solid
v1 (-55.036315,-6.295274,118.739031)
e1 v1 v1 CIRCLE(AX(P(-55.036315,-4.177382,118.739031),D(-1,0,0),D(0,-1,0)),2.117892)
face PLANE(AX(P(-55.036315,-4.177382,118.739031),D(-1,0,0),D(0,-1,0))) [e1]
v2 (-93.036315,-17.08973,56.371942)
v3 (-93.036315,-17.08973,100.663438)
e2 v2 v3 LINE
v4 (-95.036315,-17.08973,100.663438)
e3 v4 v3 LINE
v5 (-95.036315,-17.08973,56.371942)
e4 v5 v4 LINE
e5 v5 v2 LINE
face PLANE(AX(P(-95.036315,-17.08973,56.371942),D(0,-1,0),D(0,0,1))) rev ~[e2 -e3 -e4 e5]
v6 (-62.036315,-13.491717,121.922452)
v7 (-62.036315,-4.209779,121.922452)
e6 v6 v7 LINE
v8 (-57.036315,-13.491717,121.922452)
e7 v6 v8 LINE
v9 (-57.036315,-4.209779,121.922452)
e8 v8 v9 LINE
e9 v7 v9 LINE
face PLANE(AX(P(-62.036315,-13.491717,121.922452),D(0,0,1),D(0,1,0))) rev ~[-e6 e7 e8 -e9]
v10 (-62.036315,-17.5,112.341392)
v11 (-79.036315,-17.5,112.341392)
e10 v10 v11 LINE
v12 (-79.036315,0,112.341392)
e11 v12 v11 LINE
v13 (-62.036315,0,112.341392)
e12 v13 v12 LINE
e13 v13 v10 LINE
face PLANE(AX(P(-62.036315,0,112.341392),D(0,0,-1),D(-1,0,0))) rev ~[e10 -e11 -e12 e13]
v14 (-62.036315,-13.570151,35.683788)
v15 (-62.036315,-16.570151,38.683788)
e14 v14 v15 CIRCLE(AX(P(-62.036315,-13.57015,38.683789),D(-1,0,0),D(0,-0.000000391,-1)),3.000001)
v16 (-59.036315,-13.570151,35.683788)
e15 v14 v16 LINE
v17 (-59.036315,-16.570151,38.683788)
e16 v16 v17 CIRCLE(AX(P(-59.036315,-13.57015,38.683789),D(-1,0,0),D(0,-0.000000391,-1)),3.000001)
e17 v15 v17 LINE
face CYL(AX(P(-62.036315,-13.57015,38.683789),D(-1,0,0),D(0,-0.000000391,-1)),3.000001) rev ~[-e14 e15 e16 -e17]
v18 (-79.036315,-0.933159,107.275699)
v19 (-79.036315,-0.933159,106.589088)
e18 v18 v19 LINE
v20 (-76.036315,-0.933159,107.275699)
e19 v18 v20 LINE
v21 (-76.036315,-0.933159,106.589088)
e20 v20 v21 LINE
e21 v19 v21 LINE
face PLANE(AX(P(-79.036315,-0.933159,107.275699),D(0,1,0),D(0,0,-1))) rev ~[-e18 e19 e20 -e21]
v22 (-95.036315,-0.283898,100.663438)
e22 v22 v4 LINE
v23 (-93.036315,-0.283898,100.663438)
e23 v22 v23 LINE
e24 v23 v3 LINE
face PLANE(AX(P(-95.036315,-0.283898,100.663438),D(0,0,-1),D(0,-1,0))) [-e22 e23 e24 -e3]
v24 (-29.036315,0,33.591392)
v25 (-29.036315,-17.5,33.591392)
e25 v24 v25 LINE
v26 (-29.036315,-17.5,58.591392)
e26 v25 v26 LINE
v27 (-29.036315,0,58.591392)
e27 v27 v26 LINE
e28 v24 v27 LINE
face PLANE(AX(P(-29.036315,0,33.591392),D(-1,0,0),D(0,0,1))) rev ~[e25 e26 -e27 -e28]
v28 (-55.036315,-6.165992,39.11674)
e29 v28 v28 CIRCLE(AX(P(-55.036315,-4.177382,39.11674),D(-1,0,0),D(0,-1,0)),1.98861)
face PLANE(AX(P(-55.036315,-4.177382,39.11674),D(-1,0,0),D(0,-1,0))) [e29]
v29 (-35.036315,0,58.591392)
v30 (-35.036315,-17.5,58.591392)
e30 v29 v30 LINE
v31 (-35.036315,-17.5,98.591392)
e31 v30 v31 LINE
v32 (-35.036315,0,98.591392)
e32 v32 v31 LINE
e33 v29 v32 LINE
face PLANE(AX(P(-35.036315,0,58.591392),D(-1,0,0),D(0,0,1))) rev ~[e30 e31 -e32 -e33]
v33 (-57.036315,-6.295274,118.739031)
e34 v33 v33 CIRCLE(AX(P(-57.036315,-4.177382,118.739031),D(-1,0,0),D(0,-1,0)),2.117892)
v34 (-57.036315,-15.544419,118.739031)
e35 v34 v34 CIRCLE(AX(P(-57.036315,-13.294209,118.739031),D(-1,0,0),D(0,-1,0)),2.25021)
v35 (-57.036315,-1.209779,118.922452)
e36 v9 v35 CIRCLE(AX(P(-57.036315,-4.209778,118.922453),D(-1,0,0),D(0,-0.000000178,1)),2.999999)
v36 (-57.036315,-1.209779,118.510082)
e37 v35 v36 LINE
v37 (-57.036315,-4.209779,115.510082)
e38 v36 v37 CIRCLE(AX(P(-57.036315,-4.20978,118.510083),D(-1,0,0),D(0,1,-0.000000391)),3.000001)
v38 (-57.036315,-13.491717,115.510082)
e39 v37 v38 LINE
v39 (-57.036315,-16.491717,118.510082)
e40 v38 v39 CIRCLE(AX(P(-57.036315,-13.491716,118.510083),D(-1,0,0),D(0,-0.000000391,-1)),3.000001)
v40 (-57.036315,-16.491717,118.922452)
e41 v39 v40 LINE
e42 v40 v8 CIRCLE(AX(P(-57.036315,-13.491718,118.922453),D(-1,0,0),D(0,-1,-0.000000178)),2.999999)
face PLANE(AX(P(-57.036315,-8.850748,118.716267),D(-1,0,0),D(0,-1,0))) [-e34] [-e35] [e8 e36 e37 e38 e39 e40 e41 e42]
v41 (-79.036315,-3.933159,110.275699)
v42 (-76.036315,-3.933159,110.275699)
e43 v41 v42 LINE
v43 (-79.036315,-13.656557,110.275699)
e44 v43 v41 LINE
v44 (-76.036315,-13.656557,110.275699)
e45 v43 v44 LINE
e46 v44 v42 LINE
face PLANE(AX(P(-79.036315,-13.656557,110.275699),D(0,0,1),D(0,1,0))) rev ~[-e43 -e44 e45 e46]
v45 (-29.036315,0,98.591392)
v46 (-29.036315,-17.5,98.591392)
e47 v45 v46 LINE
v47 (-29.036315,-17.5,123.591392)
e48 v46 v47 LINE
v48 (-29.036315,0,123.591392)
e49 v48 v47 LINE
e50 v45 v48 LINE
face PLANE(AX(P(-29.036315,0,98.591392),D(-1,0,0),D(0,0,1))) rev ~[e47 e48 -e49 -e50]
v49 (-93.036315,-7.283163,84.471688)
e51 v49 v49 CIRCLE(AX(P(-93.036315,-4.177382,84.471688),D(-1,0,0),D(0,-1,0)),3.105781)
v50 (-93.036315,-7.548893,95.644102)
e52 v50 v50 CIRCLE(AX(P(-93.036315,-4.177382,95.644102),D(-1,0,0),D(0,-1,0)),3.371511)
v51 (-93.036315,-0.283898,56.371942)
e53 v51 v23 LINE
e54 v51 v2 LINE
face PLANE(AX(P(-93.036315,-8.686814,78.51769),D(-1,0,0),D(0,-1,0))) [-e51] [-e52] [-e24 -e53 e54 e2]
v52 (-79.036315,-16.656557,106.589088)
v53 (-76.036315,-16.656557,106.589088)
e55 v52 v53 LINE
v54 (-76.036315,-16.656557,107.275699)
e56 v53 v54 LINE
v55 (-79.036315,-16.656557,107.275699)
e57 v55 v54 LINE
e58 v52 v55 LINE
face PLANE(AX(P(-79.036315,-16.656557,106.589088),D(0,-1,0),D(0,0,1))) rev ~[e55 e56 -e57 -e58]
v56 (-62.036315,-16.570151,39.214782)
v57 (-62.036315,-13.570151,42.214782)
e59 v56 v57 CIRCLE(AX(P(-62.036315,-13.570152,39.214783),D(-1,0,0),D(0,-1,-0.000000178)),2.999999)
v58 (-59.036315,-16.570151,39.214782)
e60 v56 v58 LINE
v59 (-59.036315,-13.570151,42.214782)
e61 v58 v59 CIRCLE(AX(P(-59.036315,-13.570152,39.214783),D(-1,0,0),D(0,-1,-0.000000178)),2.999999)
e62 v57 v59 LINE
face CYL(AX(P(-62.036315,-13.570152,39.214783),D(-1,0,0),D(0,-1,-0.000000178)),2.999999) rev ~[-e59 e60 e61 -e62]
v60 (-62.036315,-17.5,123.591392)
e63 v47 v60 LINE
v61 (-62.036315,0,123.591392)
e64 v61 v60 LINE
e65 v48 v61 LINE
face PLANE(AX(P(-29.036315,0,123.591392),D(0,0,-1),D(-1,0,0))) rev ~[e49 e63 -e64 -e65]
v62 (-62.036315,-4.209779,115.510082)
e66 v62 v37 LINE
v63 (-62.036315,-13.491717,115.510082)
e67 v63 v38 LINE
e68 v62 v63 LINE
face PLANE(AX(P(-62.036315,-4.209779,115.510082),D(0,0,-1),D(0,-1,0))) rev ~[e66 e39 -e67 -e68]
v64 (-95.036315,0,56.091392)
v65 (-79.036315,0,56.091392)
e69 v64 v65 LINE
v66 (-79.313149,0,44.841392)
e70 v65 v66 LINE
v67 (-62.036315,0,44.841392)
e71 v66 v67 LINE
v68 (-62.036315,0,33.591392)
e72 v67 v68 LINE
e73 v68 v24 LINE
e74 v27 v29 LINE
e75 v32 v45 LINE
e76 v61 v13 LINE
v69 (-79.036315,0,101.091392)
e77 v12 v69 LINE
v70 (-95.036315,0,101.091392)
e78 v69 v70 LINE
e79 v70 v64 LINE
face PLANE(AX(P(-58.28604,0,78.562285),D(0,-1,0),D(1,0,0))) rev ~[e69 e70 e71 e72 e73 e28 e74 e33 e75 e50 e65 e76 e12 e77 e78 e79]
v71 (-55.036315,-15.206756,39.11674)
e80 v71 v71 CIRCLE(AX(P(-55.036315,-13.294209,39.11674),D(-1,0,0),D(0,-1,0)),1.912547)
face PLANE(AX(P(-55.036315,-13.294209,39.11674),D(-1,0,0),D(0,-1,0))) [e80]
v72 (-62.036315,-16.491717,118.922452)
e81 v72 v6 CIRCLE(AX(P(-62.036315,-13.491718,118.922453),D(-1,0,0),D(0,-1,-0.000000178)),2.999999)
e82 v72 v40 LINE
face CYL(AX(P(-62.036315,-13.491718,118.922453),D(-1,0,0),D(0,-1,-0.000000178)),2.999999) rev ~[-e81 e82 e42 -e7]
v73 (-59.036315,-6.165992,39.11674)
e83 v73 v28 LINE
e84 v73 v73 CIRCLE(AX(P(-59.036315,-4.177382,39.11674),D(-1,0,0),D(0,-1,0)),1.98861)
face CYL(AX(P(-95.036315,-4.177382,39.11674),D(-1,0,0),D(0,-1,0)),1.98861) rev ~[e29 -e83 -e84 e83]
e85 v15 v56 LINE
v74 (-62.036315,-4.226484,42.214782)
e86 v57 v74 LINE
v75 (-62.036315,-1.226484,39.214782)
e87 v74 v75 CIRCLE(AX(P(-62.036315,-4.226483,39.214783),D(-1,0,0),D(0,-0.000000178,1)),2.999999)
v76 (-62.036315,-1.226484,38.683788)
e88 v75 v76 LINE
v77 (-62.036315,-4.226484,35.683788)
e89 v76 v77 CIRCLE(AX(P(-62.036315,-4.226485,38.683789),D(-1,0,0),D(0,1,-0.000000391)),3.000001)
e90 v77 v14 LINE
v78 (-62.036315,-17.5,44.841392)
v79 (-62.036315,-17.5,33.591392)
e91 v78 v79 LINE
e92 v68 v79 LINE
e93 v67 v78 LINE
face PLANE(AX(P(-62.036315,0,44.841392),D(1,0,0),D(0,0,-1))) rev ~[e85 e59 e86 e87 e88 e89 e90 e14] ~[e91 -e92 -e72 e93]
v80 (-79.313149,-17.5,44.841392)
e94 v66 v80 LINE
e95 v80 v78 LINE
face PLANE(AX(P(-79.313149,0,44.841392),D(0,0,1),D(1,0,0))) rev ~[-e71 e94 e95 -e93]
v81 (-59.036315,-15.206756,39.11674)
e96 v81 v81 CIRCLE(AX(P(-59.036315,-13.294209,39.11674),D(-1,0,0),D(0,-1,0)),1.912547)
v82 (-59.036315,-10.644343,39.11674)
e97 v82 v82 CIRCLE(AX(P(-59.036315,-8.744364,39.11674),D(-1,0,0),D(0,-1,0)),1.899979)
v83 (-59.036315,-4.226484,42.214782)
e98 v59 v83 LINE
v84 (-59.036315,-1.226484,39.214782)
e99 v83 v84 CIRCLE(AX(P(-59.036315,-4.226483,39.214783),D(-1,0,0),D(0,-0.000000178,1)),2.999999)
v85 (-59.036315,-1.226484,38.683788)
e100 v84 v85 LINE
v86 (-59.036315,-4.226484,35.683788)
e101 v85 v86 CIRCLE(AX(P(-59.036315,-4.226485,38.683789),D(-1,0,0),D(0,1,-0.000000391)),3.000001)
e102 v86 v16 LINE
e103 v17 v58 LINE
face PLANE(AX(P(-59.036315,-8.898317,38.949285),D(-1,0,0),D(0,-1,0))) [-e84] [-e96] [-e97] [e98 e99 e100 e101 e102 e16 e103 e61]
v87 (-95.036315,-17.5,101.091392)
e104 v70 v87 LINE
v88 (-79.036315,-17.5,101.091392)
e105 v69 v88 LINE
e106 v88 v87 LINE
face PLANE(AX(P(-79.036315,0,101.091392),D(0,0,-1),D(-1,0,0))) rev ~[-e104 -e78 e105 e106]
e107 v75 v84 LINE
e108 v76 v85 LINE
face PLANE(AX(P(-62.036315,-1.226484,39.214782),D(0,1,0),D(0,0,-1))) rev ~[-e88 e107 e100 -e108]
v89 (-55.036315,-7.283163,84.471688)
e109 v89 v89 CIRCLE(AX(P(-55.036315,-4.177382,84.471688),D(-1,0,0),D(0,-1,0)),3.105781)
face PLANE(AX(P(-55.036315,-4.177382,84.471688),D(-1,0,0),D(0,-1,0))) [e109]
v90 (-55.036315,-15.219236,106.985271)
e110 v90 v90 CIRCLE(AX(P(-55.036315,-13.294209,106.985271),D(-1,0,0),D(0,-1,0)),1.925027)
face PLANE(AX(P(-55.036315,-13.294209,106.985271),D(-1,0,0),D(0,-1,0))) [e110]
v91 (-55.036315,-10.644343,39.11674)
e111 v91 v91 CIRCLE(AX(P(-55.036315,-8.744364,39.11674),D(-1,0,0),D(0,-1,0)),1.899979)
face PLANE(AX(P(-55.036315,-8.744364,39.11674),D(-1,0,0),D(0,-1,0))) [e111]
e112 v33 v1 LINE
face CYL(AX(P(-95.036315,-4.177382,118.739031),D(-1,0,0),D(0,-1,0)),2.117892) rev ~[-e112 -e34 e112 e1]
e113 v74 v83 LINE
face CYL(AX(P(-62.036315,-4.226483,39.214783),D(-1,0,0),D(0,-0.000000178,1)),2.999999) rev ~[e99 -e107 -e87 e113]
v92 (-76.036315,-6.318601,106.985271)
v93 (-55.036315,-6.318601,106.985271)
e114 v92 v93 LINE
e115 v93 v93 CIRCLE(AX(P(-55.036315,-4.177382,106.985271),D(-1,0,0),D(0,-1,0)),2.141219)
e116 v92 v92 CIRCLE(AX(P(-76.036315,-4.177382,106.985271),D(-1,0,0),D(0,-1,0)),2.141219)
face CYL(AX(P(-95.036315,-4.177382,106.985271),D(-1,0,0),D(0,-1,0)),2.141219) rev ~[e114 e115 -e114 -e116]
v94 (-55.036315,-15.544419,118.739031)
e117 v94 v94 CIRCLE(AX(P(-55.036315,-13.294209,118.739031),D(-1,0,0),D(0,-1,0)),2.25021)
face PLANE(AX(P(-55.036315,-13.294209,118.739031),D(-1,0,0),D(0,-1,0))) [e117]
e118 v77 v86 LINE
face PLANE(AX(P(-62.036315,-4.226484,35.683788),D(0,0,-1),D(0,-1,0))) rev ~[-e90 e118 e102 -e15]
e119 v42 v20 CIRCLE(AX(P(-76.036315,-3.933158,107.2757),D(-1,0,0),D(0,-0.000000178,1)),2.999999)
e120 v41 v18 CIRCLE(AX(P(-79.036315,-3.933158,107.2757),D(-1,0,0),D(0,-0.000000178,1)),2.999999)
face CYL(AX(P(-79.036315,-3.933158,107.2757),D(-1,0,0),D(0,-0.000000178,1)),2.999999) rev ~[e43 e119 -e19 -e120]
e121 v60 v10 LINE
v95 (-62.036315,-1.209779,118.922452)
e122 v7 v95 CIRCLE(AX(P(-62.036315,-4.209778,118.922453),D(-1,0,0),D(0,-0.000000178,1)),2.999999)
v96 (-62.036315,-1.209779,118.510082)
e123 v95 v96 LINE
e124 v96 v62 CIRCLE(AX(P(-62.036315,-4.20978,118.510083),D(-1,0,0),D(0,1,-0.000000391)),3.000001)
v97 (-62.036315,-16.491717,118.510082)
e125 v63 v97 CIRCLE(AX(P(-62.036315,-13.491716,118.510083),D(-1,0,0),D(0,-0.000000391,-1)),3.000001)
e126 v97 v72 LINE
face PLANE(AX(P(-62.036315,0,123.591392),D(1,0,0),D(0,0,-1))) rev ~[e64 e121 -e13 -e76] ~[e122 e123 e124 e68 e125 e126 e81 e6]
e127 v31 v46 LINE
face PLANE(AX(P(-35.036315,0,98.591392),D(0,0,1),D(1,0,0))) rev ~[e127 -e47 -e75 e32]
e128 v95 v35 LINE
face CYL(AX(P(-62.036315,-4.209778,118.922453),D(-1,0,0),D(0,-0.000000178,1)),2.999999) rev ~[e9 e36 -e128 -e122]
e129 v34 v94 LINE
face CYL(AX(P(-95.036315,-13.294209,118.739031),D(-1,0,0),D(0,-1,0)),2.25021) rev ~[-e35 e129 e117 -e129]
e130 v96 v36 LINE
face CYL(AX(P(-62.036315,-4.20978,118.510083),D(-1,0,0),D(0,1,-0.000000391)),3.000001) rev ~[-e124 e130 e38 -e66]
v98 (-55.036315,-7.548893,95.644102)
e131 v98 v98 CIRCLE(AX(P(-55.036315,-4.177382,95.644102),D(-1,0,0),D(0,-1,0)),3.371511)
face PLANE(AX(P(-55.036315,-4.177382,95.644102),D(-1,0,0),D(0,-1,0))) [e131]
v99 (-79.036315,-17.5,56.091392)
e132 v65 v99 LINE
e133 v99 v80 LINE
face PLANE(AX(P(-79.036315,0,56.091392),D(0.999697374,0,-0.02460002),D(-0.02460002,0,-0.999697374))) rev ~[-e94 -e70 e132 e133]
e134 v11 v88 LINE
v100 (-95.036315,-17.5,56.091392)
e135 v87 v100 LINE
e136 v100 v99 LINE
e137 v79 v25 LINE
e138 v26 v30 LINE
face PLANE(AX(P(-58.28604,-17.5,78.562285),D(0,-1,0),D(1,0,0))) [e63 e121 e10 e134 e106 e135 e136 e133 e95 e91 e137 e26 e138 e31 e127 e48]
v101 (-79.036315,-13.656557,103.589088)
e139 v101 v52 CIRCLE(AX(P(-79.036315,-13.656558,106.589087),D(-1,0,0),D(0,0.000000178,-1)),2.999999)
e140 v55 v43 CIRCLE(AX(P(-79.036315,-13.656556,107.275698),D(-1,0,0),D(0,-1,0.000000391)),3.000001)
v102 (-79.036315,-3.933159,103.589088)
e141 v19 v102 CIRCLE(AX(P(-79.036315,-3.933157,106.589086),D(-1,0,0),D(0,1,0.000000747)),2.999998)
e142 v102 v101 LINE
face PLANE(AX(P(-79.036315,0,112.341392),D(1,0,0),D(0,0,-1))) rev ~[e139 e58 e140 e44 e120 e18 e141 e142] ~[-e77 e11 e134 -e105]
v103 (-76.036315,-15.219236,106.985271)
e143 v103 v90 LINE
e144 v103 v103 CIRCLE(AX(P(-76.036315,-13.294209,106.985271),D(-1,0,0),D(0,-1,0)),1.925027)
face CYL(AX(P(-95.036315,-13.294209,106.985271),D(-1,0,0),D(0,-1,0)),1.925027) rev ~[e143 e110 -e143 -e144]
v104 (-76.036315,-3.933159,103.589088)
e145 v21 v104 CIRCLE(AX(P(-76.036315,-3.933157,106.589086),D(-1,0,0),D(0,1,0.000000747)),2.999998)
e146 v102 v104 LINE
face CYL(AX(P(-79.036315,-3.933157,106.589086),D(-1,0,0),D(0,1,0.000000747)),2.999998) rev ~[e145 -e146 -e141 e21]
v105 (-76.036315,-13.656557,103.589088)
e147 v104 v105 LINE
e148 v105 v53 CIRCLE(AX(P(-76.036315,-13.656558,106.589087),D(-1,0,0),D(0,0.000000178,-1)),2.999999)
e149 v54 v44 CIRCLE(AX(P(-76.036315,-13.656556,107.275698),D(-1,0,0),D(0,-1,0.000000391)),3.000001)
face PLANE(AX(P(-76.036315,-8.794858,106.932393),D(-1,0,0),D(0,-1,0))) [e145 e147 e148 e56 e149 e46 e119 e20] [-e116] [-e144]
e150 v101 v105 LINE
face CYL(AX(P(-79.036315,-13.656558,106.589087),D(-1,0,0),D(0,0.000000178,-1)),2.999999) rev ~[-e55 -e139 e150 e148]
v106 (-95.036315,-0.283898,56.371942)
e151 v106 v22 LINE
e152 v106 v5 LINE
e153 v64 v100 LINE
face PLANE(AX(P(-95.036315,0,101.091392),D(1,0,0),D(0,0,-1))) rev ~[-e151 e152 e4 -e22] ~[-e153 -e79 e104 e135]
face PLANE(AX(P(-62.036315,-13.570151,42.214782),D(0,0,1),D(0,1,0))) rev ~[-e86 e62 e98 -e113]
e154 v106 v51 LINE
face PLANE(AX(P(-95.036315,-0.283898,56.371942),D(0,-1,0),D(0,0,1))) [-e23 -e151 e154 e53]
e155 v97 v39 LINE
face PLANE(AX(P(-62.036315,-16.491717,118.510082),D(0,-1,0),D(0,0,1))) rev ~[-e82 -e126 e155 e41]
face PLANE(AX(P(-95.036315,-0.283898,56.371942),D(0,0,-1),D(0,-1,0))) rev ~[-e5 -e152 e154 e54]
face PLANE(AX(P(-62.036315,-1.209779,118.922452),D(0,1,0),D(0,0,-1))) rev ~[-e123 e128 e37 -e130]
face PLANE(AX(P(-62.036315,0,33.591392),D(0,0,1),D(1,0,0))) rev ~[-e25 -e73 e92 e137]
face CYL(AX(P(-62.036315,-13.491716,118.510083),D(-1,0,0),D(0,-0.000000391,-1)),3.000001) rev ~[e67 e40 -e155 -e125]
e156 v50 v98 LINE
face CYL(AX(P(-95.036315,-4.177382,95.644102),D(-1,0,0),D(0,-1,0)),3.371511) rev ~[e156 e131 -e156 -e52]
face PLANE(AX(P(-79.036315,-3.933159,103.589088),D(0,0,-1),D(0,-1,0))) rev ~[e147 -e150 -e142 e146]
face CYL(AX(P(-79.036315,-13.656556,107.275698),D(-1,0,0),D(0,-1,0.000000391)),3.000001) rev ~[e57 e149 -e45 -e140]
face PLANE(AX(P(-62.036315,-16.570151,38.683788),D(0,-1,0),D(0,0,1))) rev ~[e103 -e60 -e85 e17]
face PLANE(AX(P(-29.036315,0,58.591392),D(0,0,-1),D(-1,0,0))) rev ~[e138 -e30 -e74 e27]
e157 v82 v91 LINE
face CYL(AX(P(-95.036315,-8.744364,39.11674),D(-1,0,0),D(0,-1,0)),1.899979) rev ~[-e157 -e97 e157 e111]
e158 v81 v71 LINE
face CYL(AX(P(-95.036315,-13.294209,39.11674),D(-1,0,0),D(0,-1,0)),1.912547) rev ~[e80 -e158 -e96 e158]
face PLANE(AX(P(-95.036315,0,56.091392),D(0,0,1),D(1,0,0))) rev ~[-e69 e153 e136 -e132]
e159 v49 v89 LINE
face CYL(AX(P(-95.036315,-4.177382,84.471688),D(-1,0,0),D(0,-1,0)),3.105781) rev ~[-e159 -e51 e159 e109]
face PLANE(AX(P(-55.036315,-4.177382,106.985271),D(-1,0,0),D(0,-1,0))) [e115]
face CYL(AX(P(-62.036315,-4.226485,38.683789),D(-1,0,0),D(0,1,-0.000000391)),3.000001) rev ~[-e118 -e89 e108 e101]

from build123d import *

# Parameters (mm, degrees)
F1_DEPTH  = 17.5
F2_R      = 2.25021
F2_R_2    = 2.117892
F2_R_3    = 2.141219
F2_R_4    = 1.925027
F2_R_5    = 3.371511
F2_R_6    = 3.105781
F2_R_7    = 1.98861
F2_R_8    = 1.899979
F2_R_9    = 1.912547
F3_DEPTH  = 40
F4_R      = 2.117892
F4_R_2    = 2.25021
F5_DEPTH  = 5
F6_R      = 2.141219
F6_R_2    = 1.925027
F7_DEPTH  = 3
F9_DEPTH  = 3
F10_W     = 16.805832
F10_H     = 44.291496
F10_R     = 3.105781
F10_R_2   = 3.371511
F11_DEPTH = 2


with BuildPart() as f1:
    # F0 (on Front) → F1 (new body)
    with BuildSketch(Plane.XZ):
        Polygon((-29.036315, 123.591392), (-62.036315, 123.591392), (-62.036315, 112.341392), (-79.036315, 112.341392), (-79.036315, 101.091392), (-95.036315, 101.091392), (-95.036315, 56.091392), (-79.036315, 56.091392), (-79.313149, 44.841392), (-62.036315, 44.841392), (-62.036315, 33.591392), (-29.036315, 33.591392), (-29.036315, 58.591392), (-35.036315, 58.591392), (-35.036315, 98.591392), (-29.036315, 98.591392), align=None)
    extrude(amount=F1_DEPTH)

    # F2 (on face) → F3 (cut)
    with BuildSketch(Plane(origin=(-95.036315, 0, 0), x_dir=(0, -1, 0), z_dir=(-1, 0, 0))):
        with Locations((13.294209, 118.739031)):
            Circle(F2_R)
        with Locations((4.177382, 118.739031)):
            Circle(F2_R_2)
        with Locations((4.177382, 106.985271)):
            Circle(F2_R_3)
        with Locations((13.294209, 106.985271)):
            Circle(F2_R_4)
        with Locations((4.177382, 95.644102)):
            Circle(F2_R_5)
        with Locations((4.177382, 84.471688)):
            Circle(F2_R_6)
        with Locations((4.177382, 39.11674)):
            Circle(F2_R_7)
        with Locations((8.744364, 39.11674)):
            Circle(F2_R_8)
        with Locations((13.294209, 39.11674)):
            Circle(F2_R_9)
    extrude(amount=-F3_DEPTH, mode=Mode.SUBTRACT)

    # F4 (on face) → F5 (cut)
    with BuildSketch(Plane(origin=(-62.036315, 0, 0), x_dir=(0, -1, 0), z_dir=(-1, 0, 0))):
        with BuildLine():
            Line((13.491717, 121.922452), (4.209779, 121.922452))
            ThreePointArc((4.209779, 121.922452), (2.088459, 121.043773), (1.209779, 118.922452))
            Line((1.209779, 118.922452), (1.209779, 118.510082))
            ThreePointArc((1.209779, 118.510082), (2.088459, 116.388762), (4.209779, 115.510082))
            Line((4.209779, 115.510082), (13.491717, 115.510082))
            ThreePointArc((13.491717, 115.510082), (15.613037, 116.388762), (16.491717, 118.510082))
            Line((16.491717, 118.510082), (16.491717, 118.922452))
            ThreePointArc((16.491717, 118.922452), (15.613037, 121.043773), (13.491717, 121.922452))
        make_face()
        with Locations((4.177382, 118.739031)):
            Circle(F4_R, mode=Mode.SUBTRACT)
        with Locations((13.294209, 118.739031)):
            Circle(F4_R_2, mode=Mode.SUBTRACT)
    extrude(amount=-F5_DEPTH, mode=Mode.SUBTRACT)

    # F6 (on face) → F7 (cut)
    with BuildSketch(Plane(origin=(-79.036315, 0, 0), x_dir=(0, -1, 0), z_dir=(-1, 0, 0))):
        with BuildLine():
            Line((13.656557, 110.275699), (3.933159, 110.275699))
            ThreePointArc((3.933159, 110.275699), (1.811838, 109.397019), (0.933159, 107.275699))
            Line((0.933159, 107.275699), (0.933159, 106.589088))
            ThreePointArc((0.933159, 106.589088), (1.811838, 104.467767), (3.933159, 103.589088))
            Line((3.933159, 103.589088), (13.656557, 103.589088))
            ThreePointArc((13.656557, 103.589088), (15.777877, 104.467767), (16.656557, 106.589088))
            Line((16.656557, 106.589088), (16.656557, 107.275699))
            ThreePointArc((16.656557, 107.275699), (15.777877, 109.397019), (13.656557, 110.275699))
        make_face()
        with Locations((4.177382, 106.985271)):
            Circle(F6_R, mode=Mode.SUBTRACT)
        with Locations((13.294209, 106.985271)):
            Circle(F6_R_2, mode=Mode.SUBTRACT)
    extrude(amount=-F7_DEPTH, mode=Mode.SUBTRACT)

    # F8 (on face) → F9 (cut)
    with BuildSketch(Plane(origin=(-62.036315, 0, 0), x_dir=(0, -1, 0), z_dir=(-1, 0, 0))):
        with BuildLine():
            ThreePointArc((1.226484, 38.683788), (2.105164, 36.562468), (4.226484, 35.683788))
            Line((4.226484, 35.683788), (13.570151, 35.683788))
            ThreePointArc((13.570151, 35.683788), (15.691471, 36.562468), (16.570151, 38.683788))
            Line((16.570151, 38.683788), (16.570151, 39.214782))
            ThreePointArc((16.570151, 39.214782), (15.691471, 41.336103), (13.570151, 42.214782))
            Line((13.570151, 42.214782), (4.226484, 42.214782))
            ThreePointArc((4.226484, 42.214782), (2.105164, 41.336103), (1.226484, 39.214782))
            Line((1.226484, 39.214782), (1.226484, 38.683788))
        make_face()
    extrude(amount=-F9_DEPTH, mode=Mode.SUBTRACT)

    # F10 (on face) → F11 (cut)
    with BuildSketch(Plane(origin=(-95.036315, 0, 0), x_dir=(0, -1, 0), z_dir=(-1, 0, 0))):
        with Locations((8.686814, 78.51769)):
            Rectangle(F10_W, F10_H)
        with Locations((4.177382, 84.471688)):
            Circle(F10_R, mode=Mode.SUBTRACT)
        with Locations((4.177382, 95.644102)):
            Circle(F10_R_2, mode=Mode.SUBTRACT)
    extrude(amount=-F11_DEPTH, mode=Mode.SUBTRACT)


solid = f1.part
